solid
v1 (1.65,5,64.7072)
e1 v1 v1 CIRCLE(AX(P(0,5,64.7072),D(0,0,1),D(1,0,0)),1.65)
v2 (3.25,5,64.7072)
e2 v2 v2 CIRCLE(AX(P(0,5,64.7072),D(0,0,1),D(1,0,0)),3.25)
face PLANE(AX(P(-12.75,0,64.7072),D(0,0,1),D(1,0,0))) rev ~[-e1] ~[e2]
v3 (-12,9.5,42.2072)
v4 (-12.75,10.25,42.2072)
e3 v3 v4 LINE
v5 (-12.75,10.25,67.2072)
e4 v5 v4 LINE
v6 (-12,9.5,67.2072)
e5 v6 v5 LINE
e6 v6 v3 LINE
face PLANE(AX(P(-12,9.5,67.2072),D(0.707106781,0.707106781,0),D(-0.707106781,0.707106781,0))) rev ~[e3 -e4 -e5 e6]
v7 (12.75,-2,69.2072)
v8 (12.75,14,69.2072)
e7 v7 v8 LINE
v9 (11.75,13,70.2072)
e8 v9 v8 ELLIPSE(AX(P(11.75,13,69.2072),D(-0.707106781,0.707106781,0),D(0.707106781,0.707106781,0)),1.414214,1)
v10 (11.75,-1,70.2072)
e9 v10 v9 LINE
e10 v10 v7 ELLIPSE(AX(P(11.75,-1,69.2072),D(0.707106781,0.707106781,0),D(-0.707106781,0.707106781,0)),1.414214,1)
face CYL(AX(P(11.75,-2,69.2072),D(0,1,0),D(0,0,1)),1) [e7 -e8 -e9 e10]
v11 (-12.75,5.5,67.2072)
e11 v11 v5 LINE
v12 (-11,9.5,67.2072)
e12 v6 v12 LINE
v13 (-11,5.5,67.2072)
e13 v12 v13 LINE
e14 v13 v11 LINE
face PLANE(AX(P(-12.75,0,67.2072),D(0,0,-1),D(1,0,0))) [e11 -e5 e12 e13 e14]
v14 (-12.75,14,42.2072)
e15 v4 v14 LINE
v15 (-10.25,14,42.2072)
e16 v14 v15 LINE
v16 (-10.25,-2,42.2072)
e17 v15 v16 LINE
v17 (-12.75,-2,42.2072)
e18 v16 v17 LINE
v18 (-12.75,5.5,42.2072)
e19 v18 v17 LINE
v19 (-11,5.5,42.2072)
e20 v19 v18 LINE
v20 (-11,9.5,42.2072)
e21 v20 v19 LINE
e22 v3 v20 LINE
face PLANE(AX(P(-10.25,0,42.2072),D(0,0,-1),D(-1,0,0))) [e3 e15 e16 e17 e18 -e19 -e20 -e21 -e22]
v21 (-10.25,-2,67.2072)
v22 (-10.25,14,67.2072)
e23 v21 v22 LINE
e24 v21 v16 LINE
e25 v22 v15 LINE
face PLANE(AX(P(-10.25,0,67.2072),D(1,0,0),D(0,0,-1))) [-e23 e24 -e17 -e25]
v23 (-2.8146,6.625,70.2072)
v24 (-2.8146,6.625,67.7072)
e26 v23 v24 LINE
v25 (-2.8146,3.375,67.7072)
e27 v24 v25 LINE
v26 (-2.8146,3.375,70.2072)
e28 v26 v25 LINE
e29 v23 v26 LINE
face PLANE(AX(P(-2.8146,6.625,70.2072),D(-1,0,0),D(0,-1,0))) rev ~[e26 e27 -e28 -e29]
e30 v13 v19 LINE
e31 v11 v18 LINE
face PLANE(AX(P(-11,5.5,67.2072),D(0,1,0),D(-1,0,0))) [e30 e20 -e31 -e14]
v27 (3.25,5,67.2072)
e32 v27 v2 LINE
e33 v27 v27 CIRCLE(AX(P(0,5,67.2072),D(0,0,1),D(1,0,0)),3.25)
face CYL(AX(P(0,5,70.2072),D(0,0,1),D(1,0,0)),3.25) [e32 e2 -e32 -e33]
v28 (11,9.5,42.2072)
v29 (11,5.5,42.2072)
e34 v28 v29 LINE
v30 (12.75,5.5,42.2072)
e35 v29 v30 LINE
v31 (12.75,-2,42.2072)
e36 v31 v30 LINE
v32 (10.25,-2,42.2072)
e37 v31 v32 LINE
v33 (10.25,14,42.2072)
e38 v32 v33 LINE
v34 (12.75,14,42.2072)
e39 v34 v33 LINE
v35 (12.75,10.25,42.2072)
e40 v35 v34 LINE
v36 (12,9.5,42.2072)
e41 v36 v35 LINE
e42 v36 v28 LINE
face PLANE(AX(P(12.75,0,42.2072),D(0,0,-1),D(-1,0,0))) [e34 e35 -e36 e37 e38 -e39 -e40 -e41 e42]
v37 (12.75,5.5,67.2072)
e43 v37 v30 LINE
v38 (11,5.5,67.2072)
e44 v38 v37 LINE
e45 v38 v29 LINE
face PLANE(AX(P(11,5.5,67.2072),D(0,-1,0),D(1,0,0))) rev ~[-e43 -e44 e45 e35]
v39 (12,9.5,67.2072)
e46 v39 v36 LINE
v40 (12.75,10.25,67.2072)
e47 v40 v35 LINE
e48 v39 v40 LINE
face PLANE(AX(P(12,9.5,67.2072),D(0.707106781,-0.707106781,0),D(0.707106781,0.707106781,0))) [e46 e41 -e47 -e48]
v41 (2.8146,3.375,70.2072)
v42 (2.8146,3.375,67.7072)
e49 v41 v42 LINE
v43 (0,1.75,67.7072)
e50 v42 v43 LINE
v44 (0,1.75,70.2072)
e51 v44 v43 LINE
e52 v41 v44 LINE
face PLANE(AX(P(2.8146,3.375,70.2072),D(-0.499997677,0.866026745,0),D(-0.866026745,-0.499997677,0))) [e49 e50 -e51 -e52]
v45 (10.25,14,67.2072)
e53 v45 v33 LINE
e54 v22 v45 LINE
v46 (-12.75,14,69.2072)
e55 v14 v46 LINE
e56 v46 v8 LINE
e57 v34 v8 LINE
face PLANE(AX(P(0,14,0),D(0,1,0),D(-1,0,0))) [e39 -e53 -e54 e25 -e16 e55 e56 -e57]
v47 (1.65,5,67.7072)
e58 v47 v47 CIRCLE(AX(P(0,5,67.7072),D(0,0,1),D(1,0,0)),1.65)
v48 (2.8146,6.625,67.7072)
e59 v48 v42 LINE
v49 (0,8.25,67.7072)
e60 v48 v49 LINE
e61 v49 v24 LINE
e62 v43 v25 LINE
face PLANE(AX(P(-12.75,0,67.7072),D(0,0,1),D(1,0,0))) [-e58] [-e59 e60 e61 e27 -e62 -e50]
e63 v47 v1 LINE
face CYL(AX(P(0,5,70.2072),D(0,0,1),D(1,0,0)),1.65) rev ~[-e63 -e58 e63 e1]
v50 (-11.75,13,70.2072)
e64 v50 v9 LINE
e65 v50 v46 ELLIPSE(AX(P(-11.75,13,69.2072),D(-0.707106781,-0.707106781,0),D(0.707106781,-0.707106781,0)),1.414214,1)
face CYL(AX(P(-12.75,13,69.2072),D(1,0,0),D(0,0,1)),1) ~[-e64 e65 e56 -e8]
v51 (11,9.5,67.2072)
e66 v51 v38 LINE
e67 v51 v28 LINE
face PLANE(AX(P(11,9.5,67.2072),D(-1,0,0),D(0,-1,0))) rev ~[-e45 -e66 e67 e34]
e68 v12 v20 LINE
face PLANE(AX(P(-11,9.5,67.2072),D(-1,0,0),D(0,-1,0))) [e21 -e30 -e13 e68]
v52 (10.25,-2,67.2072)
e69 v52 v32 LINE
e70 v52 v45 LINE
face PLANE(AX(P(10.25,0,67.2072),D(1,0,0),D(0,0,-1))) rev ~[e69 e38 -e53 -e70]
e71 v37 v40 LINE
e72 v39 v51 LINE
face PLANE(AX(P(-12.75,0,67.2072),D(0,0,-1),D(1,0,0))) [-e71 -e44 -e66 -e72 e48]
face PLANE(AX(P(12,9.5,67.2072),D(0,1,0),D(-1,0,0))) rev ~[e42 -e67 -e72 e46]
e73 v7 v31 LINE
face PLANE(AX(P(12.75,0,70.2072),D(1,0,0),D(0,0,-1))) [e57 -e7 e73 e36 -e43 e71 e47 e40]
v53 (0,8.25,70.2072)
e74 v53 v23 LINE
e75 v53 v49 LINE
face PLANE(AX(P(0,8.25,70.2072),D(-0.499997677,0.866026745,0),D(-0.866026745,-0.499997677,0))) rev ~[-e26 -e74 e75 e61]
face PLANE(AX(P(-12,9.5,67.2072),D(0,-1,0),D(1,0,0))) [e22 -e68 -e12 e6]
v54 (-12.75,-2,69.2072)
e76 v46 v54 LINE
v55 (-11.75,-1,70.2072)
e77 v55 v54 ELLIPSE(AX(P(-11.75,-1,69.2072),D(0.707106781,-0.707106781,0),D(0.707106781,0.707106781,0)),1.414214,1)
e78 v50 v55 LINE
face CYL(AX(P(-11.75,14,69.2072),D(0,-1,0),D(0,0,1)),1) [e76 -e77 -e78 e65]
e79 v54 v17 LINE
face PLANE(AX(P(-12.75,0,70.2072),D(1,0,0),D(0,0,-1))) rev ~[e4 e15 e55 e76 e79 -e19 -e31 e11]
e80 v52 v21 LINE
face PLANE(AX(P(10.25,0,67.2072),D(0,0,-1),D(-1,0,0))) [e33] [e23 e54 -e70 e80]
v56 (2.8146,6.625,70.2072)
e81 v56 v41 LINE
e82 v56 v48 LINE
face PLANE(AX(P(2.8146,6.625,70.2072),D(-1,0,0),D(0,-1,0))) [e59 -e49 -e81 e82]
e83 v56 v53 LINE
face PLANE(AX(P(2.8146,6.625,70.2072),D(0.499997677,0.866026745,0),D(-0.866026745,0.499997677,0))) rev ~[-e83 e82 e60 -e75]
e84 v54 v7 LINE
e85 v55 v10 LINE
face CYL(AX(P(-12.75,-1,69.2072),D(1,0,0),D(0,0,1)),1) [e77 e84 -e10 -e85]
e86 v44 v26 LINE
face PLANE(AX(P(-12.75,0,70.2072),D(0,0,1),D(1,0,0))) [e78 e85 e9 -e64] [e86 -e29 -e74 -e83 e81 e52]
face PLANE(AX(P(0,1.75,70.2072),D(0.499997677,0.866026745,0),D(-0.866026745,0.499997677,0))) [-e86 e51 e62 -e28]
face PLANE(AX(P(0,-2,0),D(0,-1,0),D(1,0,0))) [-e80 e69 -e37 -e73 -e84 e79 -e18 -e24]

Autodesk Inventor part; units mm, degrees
ref_plane "YZ Plane" through (0, 0, 0) normal (1, 0, 0) x (0, 1, 0)
ref_plane "XZ Plane" through (0, 0, 0) normal (0, 1, 0) x (-1, 0, 0)
ref_plane "XY Plane" through (0, 0, 0) normal (0, 0, 1) x (1, 0, 0)
sketch "Эскиз1" plane through (0, 0, 0) normal (0, 1, 0) x (-1, 0, 0)
  line L0 (0, 56.6418) -> (23.7825, 76.5969) construction
  line L1 (44.1942, 76.014) -> (76.014, 44.1942) construction
  line L2 (91.1, 52.2091) -> (52.2091, 91.1) construction
  line L3 (0, 0) -> (74.2462, 74.2462) construction
  arc A0 (92.5543, 49.5852) -> (48.7014, 93.0224) centre (0, 0) ccw construction
  line L4 (52.2091, 91.1) -> (48.6736, 87.5645) construction
  arc A1 (44.1942, 83.085) -> (44.1942, 76.014) centre (47.7297, 79.5495) ccw construction
  line L5 (52.2091, 91.1) -> (48.6736, 87.5645) construction
  line L6 (48.6736, 87.5645) -> (52.2091, 91.1) construction
  spline S0 degree 2 poles (48.6736, 87.5645) (52.2091, 91.1) (48.7014, 93.0224) knots 1 1 1 2 2 2 construction
  line L7 (52.2091, 91.1) -> (48.7014, 93.0224) construction
  line L8 (52.2091, 91.1) -> (48.7014, 93.0224) construction
  arc A2 (48.7014, 93.0224) -> (44.0271, 95.3237) centre (0, 0) ccw construction
  arc A3 (44.0271, 95.3237) -> (43.577, 95.5303) centre (0, 0) ccw construction
  line L9 (42.6652, 95.941) -> (43.577, 95.5303) construction
  line L10 (42.6652, 95.941) -> (43.577, 95.5303) construction
  spline S1 degree 2 poles (42.0492, 94.5734) (42.6652, 95.941) (43.577, 95.5303) knots 1 1 1 2 2 2 construction
  line L11 (42.0492, 94.5734) -> (42.6652, 95.941) construction
  line L12 (42.6652, 95.941) -> (42.0492, 94.5734) construction
  line L13 (0, 0) -> (0, 209.8821) construction
  spline S2 degree 2 poles (-48.6736, 87.5645) (-52.2091, 91.1) (-48.7014, 93.0224) knots 1 1 1 2 2 2 construction
  line L14 (-48.6736, 87.5645) -> (-52.2091, 91.1) construction
  line L15 (-52.2091, 91.1) -> (-48.7014, 93.0224) construction
  arc A4 (-44.1942, 76.014) -> (-44.1942, 83.085) centre (-47.7297, 79.5495) ccw construction
  line L16 (-44.1942, 76.014) -> (-76.014, 44.1942) construction
  arc A5 (-48.7014, 93.0224) -> (-92.5543, 49.5852) centre (0, 0) ccw construction
  arc A6 (-83.085, 44.1942) -> (-76.014, 44.1942) centre (-79.5495, 47.7297) ccw construction
  line L17 (-83.085, 44.1942) -> (-87.3563, 48.4654) construction
  spline S3 degree 2 poles (-48.6736, -87.5645) (-52.2091, -91.1) (-48.7014, -93.0224) knots 1 1 1 2 2 2 construction
  line L18 (-48.6736, -87.5645) -> (-52.2091, -91.1) construction
  line L19 (-52.2091, -91.1) -> (-48.7014, -93.0224) construction
  circle A7 centre (0, 0) radius 35 construction
  line L20 (-46.3155, -73.8927) -> (-73.8927, -46.3155) construction
  arc A8 (-73.8927, -46.3155) -> (-85.2064, -46.3155) centre (-79.5495, -51.9723) ccw construction
  line L21 (-85.2064, -46.3155) -> (-87.5645, -48.6736) construction
  line L22 (-87.5645, -48.6736) -> (-91.1, -52.2091) construction
  spline S4 degree 2 poles (-87.5645, -48.6736) (-91.1, -52.2091) (-92.5543, -49.5852) knots 1 1 1 2 2 2 construction
  line L23 (-91.1, -52.2091) -> (-92.5543, -49.5852) construction
  arc A9 (-92.5543, -49.5852) -> (-48.7014, -93.0224) centre (0, 0) ccw construction
  arc A10 (-92.5543, 49.5852) -> (-92.5543, -49.5852) centre (0, 0) ccw construction
  line L24 (48.6736, -87.5645) -> (46.3155, -85.2064) construction
  arc A11 (-46.3155, -85.2064) -> (-46.3155, -73.8927) centre (-51.9723, -79.5495) ccw construction
  line L25 (-48.6736, -87.5645) -> (-46.3155, -85.2064) construction
  arc A12 (-48.7014, -93.0224) -> (48.7014, -93.0224) centre (0, 0) ccw construction
  arc A13 (46.3155, -73.8927) -> (46.3155, -85.2064) centre (51.9723, -79.5495) ccw construction
  arc A14 (43.577, 95.5303) -> (-43.577, 95.5303) centre (0, 0) ccw construction
  arc A15 (23.7825, 76.5969) -> (0, 67.941) centre (0, 104.941) ccw construction
  line L26 (0, 56.6418) -> (-35.5516, 86.4744) construction
  line L27 (44.0271, 95.3237) -> (44.0271, 127.8162) construction
  ellipse E0 centre (0, 102.7511) end of major axis (44.0271, 102.7511) minor radius 27.5932 (42.0492, 94.5734) -> (35.2734, 86.2384) ccw construction
  line L28 (42.6652, 95.941) -> (-42.6652, 95.941) construction
  ellipse E1 centre (0, 102.7511) end of major axis (44.5159, 105.2445) minor radius 28.887 (35.2734, 86.2384) -> (42.0492, 94.5734) ccw construction
  line L29 (23.7825, 76.5969) -> (35.2734, 86.2384) construction
  arc A16 (0, 67.941) -> (23.7825, 76.5969) centre (0, 104.941) ccw construction
  arc A17 (-23.7825, 76.5969) -> (0, 67.941) centre (0, 104.941) ccw construction
  line L30 (-23.7825, 76.5969) -> (-35.2734, 86.2384) construction
  line L31 (-42.6652, 95.941) -> (-42.0492, 94.5734) construction
  arc A18 (-43.577, 95.5303) -> (-48.7014, 93.0224) centre (0, 0) ccw construction
  line L32 (-42.6652, 95.941) -> (-43.577, 95.5303) construction
  spline S5 degree 2 poles (-42.0492, 94.5734) (-42.6652, 95.941) (-43.577, 95.5303) knots 1 1 1 2 2 2 construction
  line L33 (-42.0492, 94.5734) -> (-42.6652, 95.941) construction
  line L34 (-42.6652, 95.941) -> (-43.577, 95.5303) construction
  line L35 (-42.6652, 95.941) -> (-43.577, 95.5303) construction
  spline S6 degree 2 poles (-42.0492, 94.5734) (-42.6652, 95.941) (-43.577, 95.5303) knots 1 1 1 2 2 2 construction
  line L36 (-42.0492, 94.5734) -> (-42.6652, 95.941) construction
  ellipse E2 centre (0, 102.7511) end of major axis (-44.5159, 105.2445) minor radius 28.887 (-42.0492, 94.5734) -> (-35.2734, 86.2384) ccw construction
  line L37 (83.085, 44.1942) -> (87.5645, 48.6736) construction
  arc A19 (76.014, 44.1942) -> (83.085, 44.1942) centre (79.5495, 47.7297) ccw construction
  spline S7 degree 2 poles (48.6736, -87.5645) (52.2091, -91.1) (48.7014, -93.0224) knots 1 1 1 2 2 2 construction
  line L38 (48.6736, -87.5645) -> (52.2091, -91.1) construction
  line L39 (52.2091, -91.1) -> (48.7014, -93.0224) construction
  line L40 (46.3155, -73.8927) -> (73.8927, -46.3155) construction
  arc A20 (85.2064, -46.3155) -> (73.8927, -46.3155) centre (79.5495, -51.9723) ccw construction
  line L41 (85.2064, -46.3155) -> (87.5645, -48.6736) construction
  spline S8 degree 2 poles (87.5645, -48.6736) (91.1, -52.2091) (92.5543, -49.5852) knots 1 1 1 2 2 2 construction
  line L42 (87.5645, -48.6736) -> (91.1, -52.2091) construction
  line L43 (91.1, -52.2091) -> (92.5543, -49.5852) construction
  arc A21 (92.5543, -49.5852) -> (92.5543, 49.5852) centre (0, 0) ccw construction
  arc A22 (48.7014, -93.0224) -> (92.5543, -49.5852) centre (0, 0) ccw construction
  arc A23 (28.5452, 71.4571) -> (-28.5452, 71.4571) centre (0, 104.941) ccw construction
  line L44 (-83.085, 34.2947) -> (-90.6891, 41.8987) construction
  line L45 (-93.5297, 47.6709) -> (-92.5543, 49.5852) construction
  line L46 (-29.1816, 81.127) -> (-76.014, 34.2947) construction
  arc A24 (-83.085, 34.2947) -> (-76.014, 34.2947) centre (-79.5495, 37.8302) ccw construction
  line L47 (-34.1491, 76.1596) -> (-28.5452, 71.4571) construction
  arc A25 (-30.6393, 73.2144) -> (-37.3889, 72.9198) centre (-33.8534, 69.3842) ccw construction
  arc A26 (-90.6891, 41.8987) -> (-87.3563, 48.4654) centre (0, 0) ccw construction
  arc A27 (37.3889, 72.9198) -> (30.6393, 73.2144) centre (33.8534, 69.3842) ccw construction
  line L48 (29.1816, 81.127) -> (76.014, 34.2947) construction
  arc A28 (76.014, 34.2947) -> (83.085, 34.2947) centre (79.5495, 37.8302) ccw construction
  line L49 (83.085, 34.2947) -> (90.6891, 41.8987) construction
  arc A29 (76.014, 44.1942) -> (83.085, 44.1942) centre (79.5495, 47.7297) ccw construction
  line L50 (44.1942, 76.014) -> (76.014, 44.1942) construction
  arc A30 (44.1942, 83.085) -> (44.1942, 76.014) centre (47.7297, 79.5495) ccw construction
  arc A31 (5.5413, 61.2914) -> (28.5452, 71.4571) centre (0, 104.941) ccw
  arc A32 (-28.5452, 71.4571) -> (5.5413, 61.2914) centre (0, 104.941) ccw
  line L51 (34.1491, 76.1596) -> (28.5452, 71.4571) construction
  arc A33 (-87.3563, 48.4654) -> (-90.6891, 41.8987) centre (0, 0) ccw construction
  line L52 (83.085, 44.1942) -> (87.3563, 48.4654) construction
  arc A34 (90.6891, 41.8987) -> (87.3563, 48.4654) centre (0, 0) ccw construction
  line L53 (-44.1942, 83.085) -> (-48.6736, 87.5645) construction
  line L54 (44.0271, 95.3237) -> (43.577, 95.5303) construction
  line L55 (48.6736, 87.5645) -> (44.1942, 83.085) construction
  line L56 (0, 104.941) -> (-23.6028, 54.3247) construction
  circle A35 centre (31.1916, 76.2887) radius 2 construction
  line L57 (29.1816, 81.127) -> (23.7825, 76.5969)
  line L58 (29.1816, 81.127) -> (34.1491, 76.1596)
  line L59 (34.1491, 76.1596) -> (28.5452, 71.4571)
  line L60 (-28.5452, 71.4571) -> (-34.1491, 76.1596)
  line L61 (-23.7825, 76.5969) -> (-29.1816, 81.127)
  line L62 (-29.1816, 81.127) -> (-34.1491, 76.1596)
  arc A36 (-26.6462, 78.9996) -> (-31.2232, 73.7044) centre (-28.9734, 76.3855) ccw
  arc A37 (31.2232, 73.7044) -> (26.6462, 78.9996) centre (28.9734, 76.3855) ccw
  line L63 (12.75, 58.0269) -> (-12.75, 58.0269)
  line L64 (0, 67.941) -> (0, 64.941) construction
  line L65 (-12.75, 58.0269) -> (-12.75, 67.2072) construction
  line L66 (12.75, 58.0269) -> (12.75, 67.2072) construction
  arc A38 (-12.75, 67.2072) -> (12.75, 67.2072) centre (0, 101.941) ccw
  line L67 (12.75, 67.2072) -> (12.75, 70.2072)
  line L68 (-12.75, 70.2072) -> (-12.75, 70.2072) construction
  line L69 (-12.75, 67.2072) -> (-12.75, 70.2072)
  line L70 (10.1, 59.4125) -> (-10.1, 59.4125) construction
  line L71 (12.75, 70.2072) -> (-12.75, 70.2072)
  line L72 (12.75, 67.2072) -> (-12.75, 67.2072)
  point P0 (60.1041, 60.1041)
  point P1 (40.6586, 79.5495)
  point P2 (79.5495, 40.6586)
  point P3 (0, 105)
  point P4 (-87.5645, 48.6736)
  point P5 (-23.542, 76.3968)
  point P6 (-34.9935, 86.0061)
  point P7 (0, 95.941)
  point P8 (-94.5192, 45.7288)
  point P9 (-13.2817, 58.6489)
  point P10 (-28.5452, 71.4571)
  point P11 (13.2817, 58.6489)
  point P12 (-15.6369, 71.4076)
  point P13 (-26.8032, 79.1314)
  point P14 (-31.2232, 73.7044)
  point P15 (26.8032, 79.1314)
  dimension "d67" = 44.5856
  dimension "d48" = 74
  dimension "d49" = 100
  dimension "d50" = 28
  dimension "d51" = 15
  dimension "d52" = 45
  dimension "d53" = 55
  dimension "d54" = 16.3348
  dimension "d55" = 27.5
  dimension "d56" = 5
  dimension "d57" = 5
  dimension "d58" = 1
  dimension "d59" = 1.5
  dimension "d60" = 1.5
  dimension "d61" = 1
  dimension "d62" = 4
  dimension "d63" = 70
  dimension "d64" = 85
  dimension "d65" = 105
  dimension "d66" = 1.3619
  dimension "d68" = 88
  dimension "d69" = 7
  dimension "d70" = 5
  dimension "d71" = 7
  dimension "d72" = 5
  dimension "d73" = 7
  dimension "d74" = 5
  dimension "d75" = 5.1
  dimension "d78" = 4
  dimension "d166" = 25.5
  dimension "d169" = 3
  dimension "d171" = 3
  dimension "d172" = 3
  dimension "d173" = 20.2
extrude "Выдавливание7" add sketch "Эскиз1" along normal blind 14 contours L69 L71 L67 L72
sketch "Эскиз10" plane through (12.75, 0, 67.2072) normal (0, 0, -1) x (-1, 0, 0)
  line L0 (25.5, 0) -> (0, 0) construction
  line L1 (0, 0) -> (0, 14) construction
  line L2 (25.5, 14) -> (0, 14) construction
  line L3 (25.5, 0) -> (25.5, 14) construction
  line L4 (25.5, 14) -> (0, 14) construction
  line L5 (12.75, 14) -> (12.75, 0) construction
  line L6 (-0.25, 15.8948) -> (-0.25, -2.2577) construction
  line L7 (0, 14) -> (2.5, 14)
  line L8 (2.5, 14) -> (2.5, 0)
  line L9 (2.5, 0) -> (0, 0)
  line L10 (0, 0) -> (0, 14)
  line L11 (0, 9) -> (2.5, 9) construction
  line L12 (0, 0) -> (0, 14) construction
  line L13 (0, 9.5) -> (1.75, 9.5)
  line L14 (1.75, 9.5) -> (1.75, 5.5)
  line L15 (1.75, 5.5) -> (0, 5.5)
  line L16 (0, 5.5) -> (0, 9.5) construction
  line L17 (0, 9) -> (1.25, 9) construction
  line L18 (1.25, 9) -> (1.25, 6) construction
  line L19 (1.25, 6) -> (0, 6) construction
  line L20 (0, 6) -> (0, 9) construction
  line L21 (1.25, 9) -> (0, 10.25)
  line L22 (25.5, 0) -> (25.5, 14) construction
  line L23 (25.5, 14) -> (23, 14)
  line L24 (23, 14) -> (23, 0)
  line L25 (23, 0) -> (25.5, 0)
  line L26 (25.5, 0) -> (25.5, 14)
  line L27 (25.5, 9) -> (23, 9) construction
  line L28 (25.5, 0) -> (25.5, 14) construction
  line L29 (25.5, 9.5) -> (23.75, 9.5)
  line L30 (23.75, 9.5) -> (23.75, 5.5)
  line L31 (23.75, 5.5) -> (25.5, 5.5)
  line L32 (25.5, 5.5) -> (25.5, 9.5) construction
  line L33 (25.5, 9) -> (24.25, 9) construction
  line L34 (24.25, 9) -> (24.25, 6) construction
  line L35 (24.25, 6) -> (25.5, 6) construction
  line L36 (25.5, 6) -> (25.5, 9) construction
  line L37 (24.25, 9) -> (25.5, 10.25)
  point P0 (24.75, 9.5)
  point P1 (0, 5.5)
  point P2 (0, 10.25)
  point P3 (0.75, 9.5)
  dimension "d215" = 26
  dimension "d216" = 20.5
  dimension "d218" = 3
  dimension "d219" = 1.5
  dimension "d220" = 0.5
  dimension "d221" = 0.5
  dimension "d222" = 0.5
  dimension "d223" = 135
  dimension "d237" = 5.5
extrude "Выдавливание16" add sketch "Эскиз10" along normal blind 25 contours L7 L8 L9 L10 L15 L14 L13 L21 | L26 L37 L29 L30 L31 L25 L24 L23
sketch "Эскиз12" plane through (-12.75, 0, 70.2072) normal (0, 0, 1) x (1, 0, 0)
  line L0 (0, 14) -> (2.5, 14) construction
  line L1 (2.5, 14) -> (2.5, 0) construction
  line L2 (2.5, 0) -> (0, 0) construction
  line L3 (0, 0) -> (0, 5.5) construction
  line L4 (0, 5.5) -> (1.75, 5.5) construction
  line L5 (1.75, 5.5) -> (1.75, 9.5) construction
  line L6 (1.75, 9.5) -> (0.75, 9.5) construction
  line L7 (0.75, 9.5) -> (0, 10.25) construction
  line L8 (0, 10.25) -> (0, 14) construction
  line L9 (0, 0) -> (25.5, 0) construction
  line L10 (25.5, 0) -> (25.5, 14) construction
  line L11 (0, 14) -> (25.5, 14) construction
  line L12 (0, 0) -> (0, 14) construction
  line L13 (25.5, 14) -> (25.5, 10.25) construction
  line L14 (25.5, 10.25) -> (24.75, 9.5) construction
  line L15 (24.75, 9.5) -> (23.75, 9.5) construction
  line L16 (23.75, 9.5) -> (23.75, 5.5) construction
  line L17 (23.75, 5.5) -> (25.5, 5.5) construction
  line L18 (25.5, 5.5) -> (25.5, 0) construction
  line L19 (25.5, 0) -> (23, 0) construction
  line L20 (23, 0) -> (23, 14) construction
  line L21 (23, 14) -> (25.5, 14) construction
  line L22 (23, 0) -> (23, 14) construction
  line L23 (0, 14) -> (25.5, 14) construction
  line L24 (23, 14) -> (25.5, 14) construction
  line L25 (23, 14) -> (2.5, 14) construction
  line L26 (0, 14) -> (2.5, 14) construction
  line L27 (25.5, 0) -> (25.5, 14) construction
  line L28 (25.5, 5.5) -> (25.5, 10.25) construction
  line L29 (0, 0) -> (0, 14) construction
  line L30 (0, 14) -> (25.5, 14) construction
  line L31 (12.75, 14) -> (12.75, 0) construction
  circle A0 centre (12.75, 5) radius 3.25
  circle A1 centre (12.75, 5) radius 1.65
  line L32 (12.75, 5) -> (15.5646, 6.625) construction
  line L33 (12.75, 5) -> (9.9354, 6.625) construction
  line L34 (12.75, 5) -> (16, 5) construction
  line L35 (12.75, 5) -> (15.5646, 3.375) construction
  line L36 (12.75, 5) -> (9.9354, 3.375) construction
  line L37 (15.5646, 6.625) -> (12.75, 8.25)
  line L38 (12.75, 8.25) -> (9.9354, 6.625)
  line L39 (9.9354, 6.625) -> (9.9354, 3.375)
  line L40 (15.5646, 6.625) -> (15.5646, 3.375)
  line L41 (15.5646, 3.375) -> (12.75, 1.75)
  line L42 (12.75, 1.75) -> (9.9354, 3.375)
  dimension "d226" = 6.5
  dimension "d229" = 3.3
  dimension "d238" = 5
  dimension "d239" = 60
extrude "Выдавливание17" add sketch "Эскиз12" against normal blind 5.5 contours A0 L40 | L37 A0 | L40 L41 L42 L39 L38 L37 | A0 L41 | L38 A0 | A0 L42 | L39 A0 | A1
extrude "Выдавливание18" cut sketch "Эскиз12" against normal blind 5.5 contours A1
extrude "Выдавливание19" cut sketch "Эскиз12" against normal blind 2.5 contours L40 L41 L42 L39 L38 L37
fillet "Сопряжение1" [suppressed]
sketch "Эскиз14" plane through (0, 0, 0) normal (0, -1, 0) x (1, 0, 0)
  line L0 (-12.75, 70.2072) -> (12.75, 70.2072) projected
  line L1 (-12.75, 70.2072) -> (-12.75, 42.2072) projected
  line L2 (-10.25, 42.2072) -> (-12.75, 42.2072) projected
  line L3 (-10.25, 67.2072) -> (-10.25, 42.2072) projected
  line L4 (10.25, 67.2072) -> (-10.25, 67.2072) projected
  line L5 (10.25, 67.2072) -> (10.25, 42.2072) projected
  line L6 (12.75, 42.2072) -> (10.25, 42.2072) projected
  line L7 (12.75, 70.2072) -> (12.75, 42.2072) projected
  point P0 (0, 0)
extrude "Выдавливание20" add sketch "Эскиз14" along normal blind 2
fillet "Сопряжение2" radius 1 4 edges at (0, 14, 70.2072) (12.75, 6, 70.2072) (0, -2, 70.2072) (-12.75, 6, 70.2072)
properties part number "_3DПЕЧАТЬ"
